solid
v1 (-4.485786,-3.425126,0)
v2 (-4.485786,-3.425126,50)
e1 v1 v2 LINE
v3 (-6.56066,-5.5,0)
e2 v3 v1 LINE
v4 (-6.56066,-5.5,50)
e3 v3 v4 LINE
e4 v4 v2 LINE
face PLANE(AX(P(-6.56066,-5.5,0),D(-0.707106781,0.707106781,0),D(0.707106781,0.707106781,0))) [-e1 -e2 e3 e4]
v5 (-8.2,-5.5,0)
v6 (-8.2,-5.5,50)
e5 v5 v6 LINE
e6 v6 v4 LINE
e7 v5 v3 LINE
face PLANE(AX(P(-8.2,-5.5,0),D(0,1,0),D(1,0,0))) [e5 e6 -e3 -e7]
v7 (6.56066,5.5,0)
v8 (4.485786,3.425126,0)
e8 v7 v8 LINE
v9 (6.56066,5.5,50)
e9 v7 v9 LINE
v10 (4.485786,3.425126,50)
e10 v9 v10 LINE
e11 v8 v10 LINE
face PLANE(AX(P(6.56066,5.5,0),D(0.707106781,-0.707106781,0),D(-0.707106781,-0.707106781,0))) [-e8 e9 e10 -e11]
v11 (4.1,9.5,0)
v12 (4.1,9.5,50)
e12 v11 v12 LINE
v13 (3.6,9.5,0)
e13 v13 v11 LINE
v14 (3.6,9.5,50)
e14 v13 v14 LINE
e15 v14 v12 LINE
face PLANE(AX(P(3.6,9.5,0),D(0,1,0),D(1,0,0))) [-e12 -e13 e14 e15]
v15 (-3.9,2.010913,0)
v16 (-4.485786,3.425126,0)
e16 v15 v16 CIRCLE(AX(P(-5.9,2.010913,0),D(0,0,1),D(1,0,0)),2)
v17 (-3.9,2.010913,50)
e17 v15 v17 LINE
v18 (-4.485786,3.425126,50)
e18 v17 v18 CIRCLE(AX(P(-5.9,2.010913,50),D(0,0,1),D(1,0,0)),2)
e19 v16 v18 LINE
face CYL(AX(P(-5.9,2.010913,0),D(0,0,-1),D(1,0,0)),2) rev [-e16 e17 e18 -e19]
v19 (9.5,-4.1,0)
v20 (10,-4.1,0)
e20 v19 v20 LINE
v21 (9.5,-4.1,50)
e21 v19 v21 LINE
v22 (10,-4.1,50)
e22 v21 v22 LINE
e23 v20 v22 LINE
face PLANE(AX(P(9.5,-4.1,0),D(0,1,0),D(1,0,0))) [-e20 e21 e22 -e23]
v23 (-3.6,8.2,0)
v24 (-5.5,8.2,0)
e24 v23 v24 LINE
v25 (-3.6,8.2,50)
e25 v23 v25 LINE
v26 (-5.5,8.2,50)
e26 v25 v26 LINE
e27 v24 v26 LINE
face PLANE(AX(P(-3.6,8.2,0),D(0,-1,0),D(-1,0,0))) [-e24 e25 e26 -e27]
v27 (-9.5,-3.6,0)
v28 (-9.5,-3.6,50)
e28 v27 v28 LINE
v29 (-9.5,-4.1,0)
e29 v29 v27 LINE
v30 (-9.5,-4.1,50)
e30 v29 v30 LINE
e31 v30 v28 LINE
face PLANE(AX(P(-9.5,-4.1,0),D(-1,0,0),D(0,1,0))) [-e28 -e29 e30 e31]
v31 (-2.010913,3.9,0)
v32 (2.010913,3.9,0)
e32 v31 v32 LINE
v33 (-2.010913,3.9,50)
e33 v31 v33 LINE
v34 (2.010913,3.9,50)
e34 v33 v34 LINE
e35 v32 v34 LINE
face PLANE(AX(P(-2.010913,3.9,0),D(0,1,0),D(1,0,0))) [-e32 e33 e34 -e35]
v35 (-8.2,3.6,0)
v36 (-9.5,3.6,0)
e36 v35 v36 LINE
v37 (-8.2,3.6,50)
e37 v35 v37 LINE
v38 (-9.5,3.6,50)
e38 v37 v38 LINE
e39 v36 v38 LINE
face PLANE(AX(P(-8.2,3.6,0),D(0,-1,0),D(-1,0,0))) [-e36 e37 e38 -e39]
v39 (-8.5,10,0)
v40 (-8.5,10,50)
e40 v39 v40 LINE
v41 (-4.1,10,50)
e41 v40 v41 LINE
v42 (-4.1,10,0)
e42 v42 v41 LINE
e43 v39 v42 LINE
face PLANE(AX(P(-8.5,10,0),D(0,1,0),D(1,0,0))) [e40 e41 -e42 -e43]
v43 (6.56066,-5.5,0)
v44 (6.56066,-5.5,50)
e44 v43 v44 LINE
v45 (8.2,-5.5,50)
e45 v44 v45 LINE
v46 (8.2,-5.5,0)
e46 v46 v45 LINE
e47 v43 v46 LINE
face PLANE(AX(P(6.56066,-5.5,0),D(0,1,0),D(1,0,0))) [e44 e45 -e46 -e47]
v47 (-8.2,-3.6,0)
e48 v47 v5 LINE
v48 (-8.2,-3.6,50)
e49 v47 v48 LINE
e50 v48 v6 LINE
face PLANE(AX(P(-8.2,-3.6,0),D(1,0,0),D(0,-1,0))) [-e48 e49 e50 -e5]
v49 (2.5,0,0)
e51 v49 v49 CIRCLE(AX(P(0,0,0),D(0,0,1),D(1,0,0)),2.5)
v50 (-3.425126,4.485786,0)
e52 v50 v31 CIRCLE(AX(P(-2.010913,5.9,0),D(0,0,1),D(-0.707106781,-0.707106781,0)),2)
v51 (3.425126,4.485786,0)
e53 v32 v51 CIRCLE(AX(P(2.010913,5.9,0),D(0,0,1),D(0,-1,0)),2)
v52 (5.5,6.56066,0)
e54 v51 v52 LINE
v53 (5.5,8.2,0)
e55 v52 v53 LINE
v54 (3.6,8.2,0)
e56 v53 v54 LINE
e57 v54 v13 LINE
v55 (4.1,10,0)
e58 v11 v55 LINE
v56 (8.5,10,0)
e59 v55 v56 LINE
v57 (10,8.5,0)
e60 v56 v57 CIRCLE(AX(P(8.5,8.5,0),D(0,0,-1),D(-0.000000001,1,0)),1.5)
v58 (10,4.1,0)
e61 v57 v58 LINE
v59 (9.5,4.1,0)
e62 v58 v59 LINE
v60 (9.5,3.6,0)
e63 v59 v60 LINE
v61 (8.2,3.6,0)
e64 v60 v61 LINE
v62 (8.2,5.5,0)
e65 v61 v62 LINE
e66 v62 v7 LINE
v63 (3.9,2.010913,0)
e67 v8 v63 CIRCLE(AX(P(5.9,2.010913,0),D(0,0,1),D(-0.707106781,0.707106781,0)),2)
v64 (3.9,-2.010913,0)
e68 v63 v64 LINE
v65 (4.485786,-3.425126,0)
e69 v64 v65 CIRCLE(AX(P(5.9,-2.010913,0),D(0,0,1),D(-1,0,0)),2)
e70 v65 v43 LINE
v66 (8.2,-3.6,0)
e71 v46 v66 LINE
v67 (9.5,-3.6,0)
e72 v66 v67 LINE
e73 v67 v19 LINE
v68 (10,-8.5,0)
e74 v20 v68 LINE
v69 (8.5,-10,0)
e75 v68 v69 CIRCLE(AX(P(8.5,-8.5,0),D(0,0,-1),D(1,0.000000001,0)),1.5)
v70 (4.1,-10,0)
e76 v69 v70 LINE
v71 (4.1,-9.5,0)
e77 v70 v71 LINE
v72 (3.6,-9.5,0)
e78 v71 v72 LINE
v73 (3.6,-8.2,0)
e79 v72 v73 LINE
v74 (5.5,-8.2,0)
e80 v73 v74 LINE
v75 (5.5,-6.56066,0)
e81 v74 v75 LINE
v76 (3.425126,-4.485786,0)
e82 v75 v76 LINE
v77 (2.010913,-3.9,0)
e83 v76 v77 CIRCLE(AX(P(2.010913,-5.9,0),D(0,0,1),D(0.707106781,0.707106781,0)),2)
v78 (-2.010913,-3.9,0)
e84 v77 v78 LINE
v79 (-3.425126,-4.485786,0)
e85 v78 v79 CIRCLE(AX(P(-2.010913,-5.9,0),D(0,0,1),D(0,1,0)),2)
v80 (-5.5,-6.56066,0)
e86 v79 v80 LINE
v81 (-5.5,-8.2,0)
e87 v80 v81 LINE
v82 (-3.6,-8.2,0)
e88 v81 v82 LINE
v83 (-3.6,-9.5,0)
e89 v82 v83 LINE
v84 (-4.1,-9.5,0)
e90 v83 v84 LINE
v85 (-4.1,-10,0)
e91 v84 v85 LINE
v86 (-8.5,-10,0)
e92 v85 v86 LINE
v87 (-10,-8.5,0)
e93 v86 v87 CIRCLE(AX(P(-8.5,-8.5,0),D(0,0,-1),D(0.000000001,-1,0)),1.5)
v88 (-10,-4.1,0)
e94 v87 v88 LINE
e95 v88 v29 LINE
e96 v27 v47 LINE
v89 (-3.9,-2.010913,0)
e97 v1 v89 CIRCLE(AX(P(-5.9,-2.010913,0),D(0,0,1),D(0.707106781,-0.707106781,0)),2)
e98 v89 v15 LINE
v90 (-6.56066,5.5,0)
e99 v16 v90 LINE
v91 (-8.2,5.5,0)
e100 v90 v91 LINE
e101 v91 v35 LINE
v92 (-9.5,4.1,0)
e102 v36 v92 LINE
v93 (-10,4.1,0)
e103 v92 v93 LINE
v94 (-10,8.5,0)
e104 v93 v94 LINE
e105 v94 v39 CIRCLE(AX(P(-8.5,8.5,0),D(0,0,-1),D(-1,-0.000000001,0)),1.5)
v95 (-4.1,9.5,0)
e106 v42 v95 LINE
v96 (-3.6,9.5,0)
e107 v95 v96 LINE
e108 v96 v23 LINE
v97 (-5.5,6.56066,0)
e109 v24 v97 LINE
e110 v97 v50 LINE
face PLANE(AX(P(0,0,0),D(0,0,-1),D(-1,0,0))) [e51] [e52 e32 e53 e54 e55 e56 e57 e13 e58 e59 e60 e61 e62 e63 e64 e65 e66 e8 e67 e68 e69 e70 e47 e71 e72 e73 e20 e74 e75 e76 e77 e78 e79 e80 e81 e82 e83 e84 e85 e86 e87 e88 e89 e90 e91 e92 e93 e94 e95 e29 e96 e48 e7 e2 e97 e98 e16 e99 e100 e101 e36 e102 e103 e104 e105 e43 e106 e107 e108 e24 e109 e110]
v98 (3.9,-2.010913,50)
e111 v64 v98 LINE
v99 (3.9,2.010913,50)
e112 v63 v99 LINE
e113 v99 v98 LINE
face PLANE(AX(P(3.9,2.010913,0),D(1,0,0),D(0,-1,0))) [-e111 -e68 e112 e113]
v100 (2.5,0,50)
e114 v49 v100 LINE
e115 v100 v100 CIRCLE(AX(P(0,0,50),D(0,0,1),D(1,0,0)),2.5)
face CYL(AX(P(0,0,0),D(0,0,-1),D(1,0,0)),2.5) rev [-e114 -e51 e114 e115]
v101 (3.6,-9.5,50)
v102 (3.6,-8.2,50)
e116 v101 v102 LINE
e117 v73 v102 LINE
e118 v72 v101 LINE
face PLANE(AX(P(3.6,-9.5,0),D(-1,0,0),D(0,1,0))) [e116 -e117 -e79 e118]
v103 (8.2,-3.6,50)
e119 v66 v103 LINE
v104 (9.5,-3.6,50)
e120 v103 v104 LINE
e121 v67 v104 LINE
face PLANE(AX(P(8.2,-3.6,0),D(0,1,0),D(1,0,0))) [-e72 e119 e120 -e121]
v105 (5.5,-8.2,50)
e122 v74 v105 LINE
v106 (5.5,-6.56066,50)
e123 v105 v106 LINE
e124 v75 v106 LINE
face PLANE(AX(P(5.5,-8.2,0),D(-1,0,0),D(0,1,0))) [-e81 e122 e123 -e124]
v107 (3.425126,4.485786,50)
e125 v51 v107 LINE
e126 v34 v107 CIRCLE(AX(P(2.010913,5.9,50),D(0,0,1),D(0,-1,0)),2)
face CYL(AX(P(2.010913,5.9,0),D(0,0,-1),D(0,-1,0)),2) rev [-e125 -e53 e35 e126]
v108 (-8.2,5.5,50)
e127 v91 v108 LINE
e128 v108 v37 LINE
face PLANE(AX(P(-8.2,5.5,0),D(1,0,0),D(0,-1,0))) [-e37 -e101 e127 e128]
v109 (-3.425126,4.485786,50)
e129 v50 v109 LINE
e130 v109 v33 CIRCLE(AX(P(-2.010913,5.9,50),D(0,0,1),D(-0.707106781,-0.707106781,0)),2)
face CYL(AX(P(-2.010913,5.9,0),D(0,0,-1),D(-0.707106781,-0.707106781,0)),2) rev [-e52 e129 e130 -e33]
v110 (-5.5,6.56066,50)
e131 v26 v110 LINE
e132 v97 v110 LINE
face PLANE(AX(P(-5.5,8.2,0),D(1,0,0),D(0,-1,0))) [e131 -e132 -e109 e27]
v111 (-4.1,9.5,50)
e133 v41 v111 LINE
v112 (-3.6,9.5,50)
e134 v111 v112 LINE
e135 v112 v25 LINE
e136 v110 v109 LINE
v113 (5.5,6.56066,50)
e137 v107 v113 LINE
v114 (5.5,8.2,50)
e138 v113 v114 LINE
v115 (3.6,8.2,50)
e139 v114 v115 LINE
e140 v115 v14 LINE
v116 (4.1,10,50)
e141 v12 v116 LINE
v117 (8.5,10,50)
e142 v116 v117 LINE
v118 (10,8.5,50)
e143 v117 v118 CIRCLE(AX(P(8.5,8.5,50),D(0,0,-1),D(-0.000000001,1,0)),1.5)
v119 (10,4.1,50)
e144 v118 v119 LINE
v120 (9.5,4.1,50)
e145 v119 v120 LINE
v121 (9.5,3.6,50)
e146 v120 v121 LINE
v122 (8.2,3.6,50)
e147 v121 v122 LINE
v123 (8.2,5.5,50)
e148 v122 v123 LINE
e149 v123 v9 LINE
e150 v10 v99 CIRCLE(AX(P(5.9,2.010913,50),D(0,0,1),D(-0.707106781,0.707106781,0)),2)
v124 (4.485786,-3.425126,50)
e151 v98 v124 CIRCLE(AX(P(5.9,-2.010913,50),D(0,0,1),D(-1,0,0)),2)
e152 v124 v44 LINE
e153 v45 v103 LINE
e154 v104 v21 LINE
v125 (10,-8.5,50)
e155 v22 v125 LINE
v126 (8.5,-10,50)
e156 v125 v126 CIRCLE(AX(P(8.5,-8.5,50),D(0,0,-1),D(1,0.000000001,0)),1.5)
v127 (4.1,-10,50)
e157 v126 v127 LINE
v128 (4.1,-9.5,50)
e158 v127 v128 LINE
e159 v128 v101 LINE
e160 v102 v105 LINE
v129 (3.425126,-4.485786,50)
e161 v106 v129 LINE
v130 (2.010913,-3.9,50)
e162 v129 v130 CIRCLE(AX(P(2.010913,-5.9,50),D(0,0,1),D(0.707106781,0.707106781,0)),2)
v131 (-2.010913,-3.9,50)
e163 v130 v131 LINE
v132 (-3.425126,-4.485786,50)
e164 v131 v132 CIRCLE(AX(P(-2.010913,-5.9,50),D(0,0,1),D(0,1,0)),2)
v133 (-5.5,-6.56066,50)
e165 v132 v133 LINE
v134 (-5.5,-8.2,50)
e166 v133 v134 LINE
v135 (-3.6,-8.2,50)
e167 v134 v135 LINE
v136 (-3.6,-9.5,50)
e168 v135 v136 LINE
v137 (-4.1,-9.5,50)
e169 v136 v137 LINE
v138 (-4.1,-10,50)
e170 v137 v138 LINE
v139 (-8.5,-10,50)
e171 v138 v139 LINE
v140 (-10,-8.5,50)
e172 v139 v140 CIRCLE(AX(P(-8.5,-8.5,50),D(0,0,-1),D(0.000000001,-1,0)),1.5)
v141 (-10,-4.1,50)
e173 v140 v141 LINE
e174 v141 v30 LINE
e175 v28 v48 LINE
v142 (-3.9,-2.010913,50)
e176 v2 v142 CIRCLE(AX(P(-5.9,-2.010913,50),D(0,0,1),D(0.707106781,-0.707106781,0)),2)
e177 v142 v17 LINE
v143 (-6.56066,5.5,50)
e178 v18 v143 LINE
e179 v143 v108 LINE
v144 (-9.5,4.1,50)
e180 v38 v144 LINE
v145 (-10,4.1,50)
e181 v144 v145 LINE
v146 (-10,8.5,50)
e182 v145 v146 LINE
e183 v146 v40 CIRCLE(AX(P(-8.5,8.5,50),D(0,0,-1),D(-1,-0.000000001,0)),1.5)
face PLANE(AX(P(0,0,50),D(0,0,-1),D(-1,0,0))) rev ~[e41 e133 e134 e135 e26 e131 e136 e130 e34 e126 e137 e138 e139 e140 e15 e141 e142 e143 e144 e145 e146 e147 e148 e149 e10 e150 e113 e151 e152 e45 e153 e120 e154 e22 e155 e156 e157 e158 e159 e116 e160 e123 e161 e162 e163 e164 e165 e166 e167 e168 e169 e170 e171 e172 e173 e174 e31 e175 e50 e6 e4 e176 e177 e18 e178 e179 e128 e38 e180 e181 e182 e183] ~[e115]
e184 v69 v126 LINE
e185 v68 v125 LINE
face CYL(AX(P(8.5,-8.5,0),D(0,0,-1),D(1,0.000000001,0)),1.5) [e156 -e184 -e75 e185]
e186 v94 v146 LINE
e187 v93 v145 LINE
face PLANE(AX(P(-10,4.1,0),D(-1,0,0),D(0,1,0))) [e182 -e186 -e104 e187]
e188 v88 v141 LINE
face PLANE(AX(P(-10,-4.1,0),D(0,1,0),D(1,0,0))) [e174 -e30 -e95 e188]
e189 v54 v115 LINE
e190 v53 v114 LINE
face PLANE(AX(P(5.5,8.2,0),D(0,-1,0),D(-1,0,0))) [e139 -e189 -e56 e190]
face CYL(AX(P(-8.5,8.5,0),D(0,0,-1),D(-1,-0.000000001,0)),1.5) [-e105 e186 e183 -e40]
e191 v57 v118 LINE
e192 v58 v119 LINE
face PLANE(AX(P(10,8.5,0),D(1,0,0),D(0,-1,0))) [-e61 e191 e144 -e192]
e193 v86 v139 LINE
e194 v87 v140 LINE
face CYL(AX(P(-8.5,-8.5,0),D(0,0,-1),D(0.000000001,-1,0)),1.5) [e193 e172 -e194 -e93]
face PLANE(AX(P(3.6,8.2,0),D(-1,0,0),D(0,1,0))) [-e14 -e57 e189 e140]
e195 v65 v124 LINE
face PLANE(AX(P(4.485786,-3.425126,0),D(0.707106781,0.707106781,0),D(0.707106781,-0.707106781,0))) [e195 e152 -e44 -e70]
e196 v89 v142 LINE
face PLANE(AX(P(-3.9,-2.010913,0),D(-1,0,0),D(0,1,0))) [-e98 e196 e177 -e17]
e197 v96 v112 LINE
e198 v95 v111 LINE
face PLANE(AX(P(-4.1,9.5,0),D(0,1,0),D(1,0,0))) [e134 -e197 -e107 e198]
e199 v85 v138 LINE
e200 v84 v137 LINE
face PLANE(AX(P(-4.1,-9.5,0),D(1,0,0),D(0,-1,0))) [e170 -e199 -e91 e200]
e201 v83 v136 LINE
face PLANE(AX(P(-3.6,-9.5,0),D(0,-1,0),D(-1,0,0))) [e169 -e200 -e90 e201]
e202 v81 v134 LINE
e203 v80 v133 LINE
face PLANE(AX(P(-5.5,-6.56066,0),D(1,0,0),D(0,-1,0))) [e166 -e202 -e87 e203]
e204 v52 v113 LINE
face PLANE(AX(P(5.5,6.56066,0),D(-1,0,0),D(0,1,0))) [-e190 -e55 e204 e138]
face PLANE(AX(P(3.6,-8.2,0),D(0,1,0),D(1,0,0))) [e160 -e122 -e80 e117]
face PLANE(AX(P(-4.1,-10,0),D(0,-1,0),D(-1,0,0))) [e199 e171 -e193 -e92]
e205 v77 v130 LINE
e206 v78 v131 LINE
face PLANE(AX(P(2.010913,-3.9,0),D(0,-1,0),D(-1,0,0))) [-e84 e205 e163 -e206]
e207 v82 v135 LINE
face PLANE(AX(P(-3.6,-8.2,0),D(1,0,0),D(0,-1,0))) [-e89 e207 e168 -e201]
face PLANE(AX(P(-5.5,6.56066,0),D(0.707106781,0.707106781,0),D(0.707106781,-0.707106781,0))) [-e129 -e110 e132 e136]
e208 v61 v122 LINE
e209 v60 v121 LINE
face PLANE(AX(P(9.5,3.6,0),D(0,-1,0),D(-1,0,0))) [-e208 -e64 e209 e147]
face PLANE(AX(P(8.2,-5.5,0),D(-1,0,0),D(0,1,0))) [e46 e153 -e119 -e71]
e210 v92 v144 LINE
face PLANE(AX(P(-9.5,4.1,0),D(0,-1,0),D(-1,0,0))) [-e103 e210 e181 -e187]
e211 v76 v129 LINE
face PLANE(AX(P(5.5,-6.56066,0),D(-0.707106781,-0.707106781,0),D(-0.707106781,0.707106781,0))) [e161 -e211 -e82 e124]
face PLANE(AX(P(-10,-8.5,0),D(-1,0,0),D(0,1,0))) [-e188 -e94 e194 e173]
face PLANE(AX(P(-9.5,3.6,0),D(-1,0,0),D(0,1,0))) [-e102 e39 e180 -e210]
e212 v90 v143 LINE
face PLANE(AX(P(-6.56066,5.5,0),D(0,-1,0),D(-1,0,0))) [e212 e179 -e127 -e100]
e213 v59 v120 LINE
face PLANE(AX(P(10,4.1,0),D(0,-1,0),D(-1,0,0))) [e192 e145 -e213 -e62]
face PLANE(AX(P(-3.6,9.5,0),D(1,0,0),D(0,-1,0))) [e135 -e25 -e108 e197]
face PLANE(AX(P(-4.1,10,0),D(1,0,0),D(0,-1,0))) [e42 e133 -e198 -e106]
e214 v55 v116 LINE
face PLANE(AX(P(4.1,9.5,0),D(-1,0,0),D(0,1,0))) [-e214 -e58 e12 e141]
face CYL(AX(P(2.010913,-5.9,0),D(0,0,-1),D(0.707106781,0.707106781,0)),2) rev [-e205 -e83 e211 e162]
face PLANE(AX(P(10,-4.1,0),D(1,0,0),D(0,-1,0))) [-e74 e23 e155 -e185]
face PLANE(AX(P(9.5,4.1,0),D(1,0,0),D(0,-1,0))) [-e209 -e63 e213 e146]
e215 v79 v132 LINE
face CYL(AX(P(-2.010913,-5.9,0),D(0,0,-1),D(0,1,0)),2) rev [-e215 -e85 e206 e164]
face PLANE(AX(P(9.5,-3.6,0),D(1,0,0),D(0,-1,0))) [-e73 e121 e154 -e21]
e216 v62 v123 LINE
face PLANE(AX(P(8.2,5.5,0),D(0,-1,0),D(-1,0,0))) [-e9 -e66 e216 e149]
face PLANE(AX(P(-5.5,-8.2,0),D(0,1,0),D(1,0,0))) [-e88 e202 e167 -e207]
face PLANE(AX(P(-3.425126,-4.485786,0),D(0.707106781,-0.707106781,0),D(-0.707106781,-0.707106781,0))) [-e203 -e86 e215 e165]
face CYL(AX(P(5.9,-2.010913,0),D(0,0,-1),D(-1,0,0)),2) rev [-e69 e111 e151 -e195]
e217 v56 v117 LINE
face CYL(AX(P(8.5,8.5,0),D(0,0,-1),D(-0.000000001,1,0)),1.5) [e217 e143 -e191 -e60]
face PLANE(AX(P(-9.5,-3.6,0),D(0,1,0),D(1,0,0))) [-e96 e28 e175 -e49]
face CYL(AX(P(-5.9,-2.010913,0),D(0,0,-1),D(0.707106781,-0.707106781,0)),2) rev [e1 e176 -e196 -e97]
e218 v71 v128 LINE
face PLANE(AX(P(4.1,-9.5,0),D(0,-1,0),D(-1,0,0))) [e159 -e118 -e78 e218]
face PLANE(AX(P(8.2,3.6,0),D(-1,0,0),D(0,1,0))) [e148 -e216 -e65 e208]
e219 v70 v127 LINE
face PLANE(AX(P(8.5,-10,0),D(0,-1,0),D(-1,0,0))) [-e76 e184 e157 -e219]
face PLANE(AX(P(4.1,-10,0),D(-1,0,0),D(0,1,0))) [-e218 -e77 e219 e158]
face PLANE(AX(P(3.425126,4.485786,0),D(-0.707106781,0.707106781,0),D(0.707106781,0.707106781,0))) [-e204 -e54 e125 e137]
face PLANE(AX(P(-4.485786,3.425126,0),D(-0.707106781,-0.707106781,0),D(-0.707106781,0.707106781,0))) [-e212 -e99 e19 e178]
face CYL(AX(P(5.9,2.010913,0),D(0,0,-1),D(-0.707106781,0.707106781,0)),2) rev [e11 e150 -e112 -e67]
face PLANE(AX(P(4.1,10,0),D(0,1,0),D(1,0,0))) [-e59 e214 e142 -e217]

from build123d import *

# Parameters (mm, degrees)
SKETCH1_R           = 2.5
BOSS_EXTRUDE2_DEPTH = 50


with BuildPart() as part:
    # Sketch1 → Boss-Extrude2 (new body)
    with BuildSketch(Plane.XY):
        with BuildLine():
            Line((10, -4.1), (10, -8.5))
            ThreePointArc((10, -8.5), (9.560660172, -9.560660172), (8.5, -10))
            Line((8.5, -10), (4.1, -10))
            Line((4.1, -10), (4.1, -9.5))
            Line((4.1, -9.5), (3.6, -9.5))
            Line((3.6, -9.5), (3.6, -8.2))
            Line((3.6, -8.2), (5.5, -8.2))
            Line((5.5, -8.2), (5.5, -6.560660172))
            Line((5.5, -6.560660172), (3.425126266, -4.485786438))
            ThreePointArc((3.425126266, -4.485786438), (2.776279568, -4.052240935), (2.010912703, -3.9))
            Line((2.010912703, -3.9), (-2.010912703, -3.9))
            ThreePointArc((-2.010912703, -3.9), (-2.776279568, -4.052240935), (-3.425126266, -4.485786438))
            Line((-3.425126266, -4.485786438), (-5.5, -6.560660172))
            Line((-5.5, -6.560660172), (-5.5, -8.2))
            Line((-5.5, -8.2), (-3.6, -8.2))
            Line((-3.6, -8.2), (-3.6, -9.5))
            Line((-3.6, -9.5), (-4.1, -9.5))
            Line((-4.1, -9.5), (-4.1, -10))
            Line((-4.1, -10), (-8.5, -10))
            ThreePointArc((-8.5, -10), (-9.560660172, -9.560660172), (-10, -8.5))
            Line((-10, -8.5), (-10, -4.1))
            Line((-10, -4.1), (-9.5, -4.1))
            Line((-9.5, -4.1), (-9.5, -3.6))
            Line((-9.5, -3.6), (-8.2, -3.6))
            Line((-8.2, -3.6), (-8.2, -5.5))
            Line((-8.2, -5.5), (-6.560660172, -5.5))
            Line((-6.560660172, -5.5), (-4.485786438, -3.425126266))
            ThreePointArc((-4.485786438, -3.425126266), (-4.052240935, -2.776279568), (-3.9, -2.010912703))
            Line((-3.9, -2.010912703), (-3.9, 2.010912703))
            ThreePointArc((-3.9, 2.010912703), (-4.052240935, 2.776279568), (-4.485786438, 3.425126266))
            Line((-4.485786438, 3.425126266), (-6.560660172, 5.5))
            Line((-6.560660172, 5.5), (-8.2, 5.5))
            Line((-8.2, 5.5), (-8.2, 3.6))
            Line((-8.2, 3.6), (-9.5, 3.6))
            Line((-9.5, 3.6), (-9.5, 4.1))
            Line((-9.5, 4.1), (-10, 4.1))
            Line((-10, 4.1), (-10, 8.5))
            ThreePointArc((-10, 8.5), (-9.560660172, 9.560660172), (-8.5, 10))
            Line((-8.5, 10), (-4.1, 10))
            Line((-4.1, 10), (-4.1, 9.5))
            Line((-4.1, 9.5), (-3.6, 9.5))
            Line((-3.6, 9.5), (-3.6, 8.2))
            Line((-3.6, 8.2), (-5.5, 8.2))
            Line((-5.5, 8.2), (-5.5, 6.560660172))
            Line((-5.5, 6.560660172), (-3.425126266, 4.485786438))
            ThreePointArc((-3.425126266, 4.485786438), (-2.776279568, 4.052240935), (-2.010912703, 3.9))
            Line((-2.010912703, 3.9), (2.010912703, 3.9))
            ThreePointArc((2.010912703, 3.9), (2.776279568, 4.052240935), (3.425126266, 4.485786438))
            Line((3.425126266, 4.485786438), (5.5, 6.560660172))
            Line((5.5, 6.560660172), (5.5, 8.2))
            Line((5.5, 8.2), (3.6, 8.2))
            Line((3.6, 8.2), (3.6, 9.5))
            Line((3.6, 9.5), (4.1, 9.5))
            Line((4.1, 9.5), (4.1, 10))
            Line((4.1, 10), (8.5, 10))
            ThreePointArc((8.5, 10), (9.560660172, 9.560660172), (10, 8.5))
            Line((10, 8.5), (10, 4.1))
            Line((10, 4.1), (9.5, 4.1))
            Line((9.5, 4.1), (9.5, 3.6))
            Line((9.5, 3.6), (8.2, 3.6))
            Line((8.2, 3.6), (8.2, 5.5))
            Line((8.2, 5.5), (6.560660172, 5.5))
            Line((6.560660172, 5.5), (4.485786438, 3.425126266))
            ThreePointArc((4.485786438, 3.425126266), (4.052240935, 2.776279568), (3.9, 2.010912703))
            Line((3.9, 2.010912703), (3.9, -2.010912703))
            ThreePointArc((3.9, -2.010912703), (4.052240935, -2.776279568), (4.485786438, -3.425126266))
            Line((4.485786438, -3.425126266), (6.560660172, -5.5))
            Line((6.560660172, -5.5), (8.2, -5.5))
            Line((8.2, -5.5), (8.2, -3.6))
            Line((8.2, -3.6), (9.5, -3.6))
            Line((9.5, -3.6), (9.5, -4.1))
            Line((9.5, -4.1), (10, -4.1))
        make_face()
        Circle(SKETCH1_R, mode=Mode.SUBTRACT)
    extrude(amount=BOSS_EXTRUDE2_DEPTH)


solid = part.part
